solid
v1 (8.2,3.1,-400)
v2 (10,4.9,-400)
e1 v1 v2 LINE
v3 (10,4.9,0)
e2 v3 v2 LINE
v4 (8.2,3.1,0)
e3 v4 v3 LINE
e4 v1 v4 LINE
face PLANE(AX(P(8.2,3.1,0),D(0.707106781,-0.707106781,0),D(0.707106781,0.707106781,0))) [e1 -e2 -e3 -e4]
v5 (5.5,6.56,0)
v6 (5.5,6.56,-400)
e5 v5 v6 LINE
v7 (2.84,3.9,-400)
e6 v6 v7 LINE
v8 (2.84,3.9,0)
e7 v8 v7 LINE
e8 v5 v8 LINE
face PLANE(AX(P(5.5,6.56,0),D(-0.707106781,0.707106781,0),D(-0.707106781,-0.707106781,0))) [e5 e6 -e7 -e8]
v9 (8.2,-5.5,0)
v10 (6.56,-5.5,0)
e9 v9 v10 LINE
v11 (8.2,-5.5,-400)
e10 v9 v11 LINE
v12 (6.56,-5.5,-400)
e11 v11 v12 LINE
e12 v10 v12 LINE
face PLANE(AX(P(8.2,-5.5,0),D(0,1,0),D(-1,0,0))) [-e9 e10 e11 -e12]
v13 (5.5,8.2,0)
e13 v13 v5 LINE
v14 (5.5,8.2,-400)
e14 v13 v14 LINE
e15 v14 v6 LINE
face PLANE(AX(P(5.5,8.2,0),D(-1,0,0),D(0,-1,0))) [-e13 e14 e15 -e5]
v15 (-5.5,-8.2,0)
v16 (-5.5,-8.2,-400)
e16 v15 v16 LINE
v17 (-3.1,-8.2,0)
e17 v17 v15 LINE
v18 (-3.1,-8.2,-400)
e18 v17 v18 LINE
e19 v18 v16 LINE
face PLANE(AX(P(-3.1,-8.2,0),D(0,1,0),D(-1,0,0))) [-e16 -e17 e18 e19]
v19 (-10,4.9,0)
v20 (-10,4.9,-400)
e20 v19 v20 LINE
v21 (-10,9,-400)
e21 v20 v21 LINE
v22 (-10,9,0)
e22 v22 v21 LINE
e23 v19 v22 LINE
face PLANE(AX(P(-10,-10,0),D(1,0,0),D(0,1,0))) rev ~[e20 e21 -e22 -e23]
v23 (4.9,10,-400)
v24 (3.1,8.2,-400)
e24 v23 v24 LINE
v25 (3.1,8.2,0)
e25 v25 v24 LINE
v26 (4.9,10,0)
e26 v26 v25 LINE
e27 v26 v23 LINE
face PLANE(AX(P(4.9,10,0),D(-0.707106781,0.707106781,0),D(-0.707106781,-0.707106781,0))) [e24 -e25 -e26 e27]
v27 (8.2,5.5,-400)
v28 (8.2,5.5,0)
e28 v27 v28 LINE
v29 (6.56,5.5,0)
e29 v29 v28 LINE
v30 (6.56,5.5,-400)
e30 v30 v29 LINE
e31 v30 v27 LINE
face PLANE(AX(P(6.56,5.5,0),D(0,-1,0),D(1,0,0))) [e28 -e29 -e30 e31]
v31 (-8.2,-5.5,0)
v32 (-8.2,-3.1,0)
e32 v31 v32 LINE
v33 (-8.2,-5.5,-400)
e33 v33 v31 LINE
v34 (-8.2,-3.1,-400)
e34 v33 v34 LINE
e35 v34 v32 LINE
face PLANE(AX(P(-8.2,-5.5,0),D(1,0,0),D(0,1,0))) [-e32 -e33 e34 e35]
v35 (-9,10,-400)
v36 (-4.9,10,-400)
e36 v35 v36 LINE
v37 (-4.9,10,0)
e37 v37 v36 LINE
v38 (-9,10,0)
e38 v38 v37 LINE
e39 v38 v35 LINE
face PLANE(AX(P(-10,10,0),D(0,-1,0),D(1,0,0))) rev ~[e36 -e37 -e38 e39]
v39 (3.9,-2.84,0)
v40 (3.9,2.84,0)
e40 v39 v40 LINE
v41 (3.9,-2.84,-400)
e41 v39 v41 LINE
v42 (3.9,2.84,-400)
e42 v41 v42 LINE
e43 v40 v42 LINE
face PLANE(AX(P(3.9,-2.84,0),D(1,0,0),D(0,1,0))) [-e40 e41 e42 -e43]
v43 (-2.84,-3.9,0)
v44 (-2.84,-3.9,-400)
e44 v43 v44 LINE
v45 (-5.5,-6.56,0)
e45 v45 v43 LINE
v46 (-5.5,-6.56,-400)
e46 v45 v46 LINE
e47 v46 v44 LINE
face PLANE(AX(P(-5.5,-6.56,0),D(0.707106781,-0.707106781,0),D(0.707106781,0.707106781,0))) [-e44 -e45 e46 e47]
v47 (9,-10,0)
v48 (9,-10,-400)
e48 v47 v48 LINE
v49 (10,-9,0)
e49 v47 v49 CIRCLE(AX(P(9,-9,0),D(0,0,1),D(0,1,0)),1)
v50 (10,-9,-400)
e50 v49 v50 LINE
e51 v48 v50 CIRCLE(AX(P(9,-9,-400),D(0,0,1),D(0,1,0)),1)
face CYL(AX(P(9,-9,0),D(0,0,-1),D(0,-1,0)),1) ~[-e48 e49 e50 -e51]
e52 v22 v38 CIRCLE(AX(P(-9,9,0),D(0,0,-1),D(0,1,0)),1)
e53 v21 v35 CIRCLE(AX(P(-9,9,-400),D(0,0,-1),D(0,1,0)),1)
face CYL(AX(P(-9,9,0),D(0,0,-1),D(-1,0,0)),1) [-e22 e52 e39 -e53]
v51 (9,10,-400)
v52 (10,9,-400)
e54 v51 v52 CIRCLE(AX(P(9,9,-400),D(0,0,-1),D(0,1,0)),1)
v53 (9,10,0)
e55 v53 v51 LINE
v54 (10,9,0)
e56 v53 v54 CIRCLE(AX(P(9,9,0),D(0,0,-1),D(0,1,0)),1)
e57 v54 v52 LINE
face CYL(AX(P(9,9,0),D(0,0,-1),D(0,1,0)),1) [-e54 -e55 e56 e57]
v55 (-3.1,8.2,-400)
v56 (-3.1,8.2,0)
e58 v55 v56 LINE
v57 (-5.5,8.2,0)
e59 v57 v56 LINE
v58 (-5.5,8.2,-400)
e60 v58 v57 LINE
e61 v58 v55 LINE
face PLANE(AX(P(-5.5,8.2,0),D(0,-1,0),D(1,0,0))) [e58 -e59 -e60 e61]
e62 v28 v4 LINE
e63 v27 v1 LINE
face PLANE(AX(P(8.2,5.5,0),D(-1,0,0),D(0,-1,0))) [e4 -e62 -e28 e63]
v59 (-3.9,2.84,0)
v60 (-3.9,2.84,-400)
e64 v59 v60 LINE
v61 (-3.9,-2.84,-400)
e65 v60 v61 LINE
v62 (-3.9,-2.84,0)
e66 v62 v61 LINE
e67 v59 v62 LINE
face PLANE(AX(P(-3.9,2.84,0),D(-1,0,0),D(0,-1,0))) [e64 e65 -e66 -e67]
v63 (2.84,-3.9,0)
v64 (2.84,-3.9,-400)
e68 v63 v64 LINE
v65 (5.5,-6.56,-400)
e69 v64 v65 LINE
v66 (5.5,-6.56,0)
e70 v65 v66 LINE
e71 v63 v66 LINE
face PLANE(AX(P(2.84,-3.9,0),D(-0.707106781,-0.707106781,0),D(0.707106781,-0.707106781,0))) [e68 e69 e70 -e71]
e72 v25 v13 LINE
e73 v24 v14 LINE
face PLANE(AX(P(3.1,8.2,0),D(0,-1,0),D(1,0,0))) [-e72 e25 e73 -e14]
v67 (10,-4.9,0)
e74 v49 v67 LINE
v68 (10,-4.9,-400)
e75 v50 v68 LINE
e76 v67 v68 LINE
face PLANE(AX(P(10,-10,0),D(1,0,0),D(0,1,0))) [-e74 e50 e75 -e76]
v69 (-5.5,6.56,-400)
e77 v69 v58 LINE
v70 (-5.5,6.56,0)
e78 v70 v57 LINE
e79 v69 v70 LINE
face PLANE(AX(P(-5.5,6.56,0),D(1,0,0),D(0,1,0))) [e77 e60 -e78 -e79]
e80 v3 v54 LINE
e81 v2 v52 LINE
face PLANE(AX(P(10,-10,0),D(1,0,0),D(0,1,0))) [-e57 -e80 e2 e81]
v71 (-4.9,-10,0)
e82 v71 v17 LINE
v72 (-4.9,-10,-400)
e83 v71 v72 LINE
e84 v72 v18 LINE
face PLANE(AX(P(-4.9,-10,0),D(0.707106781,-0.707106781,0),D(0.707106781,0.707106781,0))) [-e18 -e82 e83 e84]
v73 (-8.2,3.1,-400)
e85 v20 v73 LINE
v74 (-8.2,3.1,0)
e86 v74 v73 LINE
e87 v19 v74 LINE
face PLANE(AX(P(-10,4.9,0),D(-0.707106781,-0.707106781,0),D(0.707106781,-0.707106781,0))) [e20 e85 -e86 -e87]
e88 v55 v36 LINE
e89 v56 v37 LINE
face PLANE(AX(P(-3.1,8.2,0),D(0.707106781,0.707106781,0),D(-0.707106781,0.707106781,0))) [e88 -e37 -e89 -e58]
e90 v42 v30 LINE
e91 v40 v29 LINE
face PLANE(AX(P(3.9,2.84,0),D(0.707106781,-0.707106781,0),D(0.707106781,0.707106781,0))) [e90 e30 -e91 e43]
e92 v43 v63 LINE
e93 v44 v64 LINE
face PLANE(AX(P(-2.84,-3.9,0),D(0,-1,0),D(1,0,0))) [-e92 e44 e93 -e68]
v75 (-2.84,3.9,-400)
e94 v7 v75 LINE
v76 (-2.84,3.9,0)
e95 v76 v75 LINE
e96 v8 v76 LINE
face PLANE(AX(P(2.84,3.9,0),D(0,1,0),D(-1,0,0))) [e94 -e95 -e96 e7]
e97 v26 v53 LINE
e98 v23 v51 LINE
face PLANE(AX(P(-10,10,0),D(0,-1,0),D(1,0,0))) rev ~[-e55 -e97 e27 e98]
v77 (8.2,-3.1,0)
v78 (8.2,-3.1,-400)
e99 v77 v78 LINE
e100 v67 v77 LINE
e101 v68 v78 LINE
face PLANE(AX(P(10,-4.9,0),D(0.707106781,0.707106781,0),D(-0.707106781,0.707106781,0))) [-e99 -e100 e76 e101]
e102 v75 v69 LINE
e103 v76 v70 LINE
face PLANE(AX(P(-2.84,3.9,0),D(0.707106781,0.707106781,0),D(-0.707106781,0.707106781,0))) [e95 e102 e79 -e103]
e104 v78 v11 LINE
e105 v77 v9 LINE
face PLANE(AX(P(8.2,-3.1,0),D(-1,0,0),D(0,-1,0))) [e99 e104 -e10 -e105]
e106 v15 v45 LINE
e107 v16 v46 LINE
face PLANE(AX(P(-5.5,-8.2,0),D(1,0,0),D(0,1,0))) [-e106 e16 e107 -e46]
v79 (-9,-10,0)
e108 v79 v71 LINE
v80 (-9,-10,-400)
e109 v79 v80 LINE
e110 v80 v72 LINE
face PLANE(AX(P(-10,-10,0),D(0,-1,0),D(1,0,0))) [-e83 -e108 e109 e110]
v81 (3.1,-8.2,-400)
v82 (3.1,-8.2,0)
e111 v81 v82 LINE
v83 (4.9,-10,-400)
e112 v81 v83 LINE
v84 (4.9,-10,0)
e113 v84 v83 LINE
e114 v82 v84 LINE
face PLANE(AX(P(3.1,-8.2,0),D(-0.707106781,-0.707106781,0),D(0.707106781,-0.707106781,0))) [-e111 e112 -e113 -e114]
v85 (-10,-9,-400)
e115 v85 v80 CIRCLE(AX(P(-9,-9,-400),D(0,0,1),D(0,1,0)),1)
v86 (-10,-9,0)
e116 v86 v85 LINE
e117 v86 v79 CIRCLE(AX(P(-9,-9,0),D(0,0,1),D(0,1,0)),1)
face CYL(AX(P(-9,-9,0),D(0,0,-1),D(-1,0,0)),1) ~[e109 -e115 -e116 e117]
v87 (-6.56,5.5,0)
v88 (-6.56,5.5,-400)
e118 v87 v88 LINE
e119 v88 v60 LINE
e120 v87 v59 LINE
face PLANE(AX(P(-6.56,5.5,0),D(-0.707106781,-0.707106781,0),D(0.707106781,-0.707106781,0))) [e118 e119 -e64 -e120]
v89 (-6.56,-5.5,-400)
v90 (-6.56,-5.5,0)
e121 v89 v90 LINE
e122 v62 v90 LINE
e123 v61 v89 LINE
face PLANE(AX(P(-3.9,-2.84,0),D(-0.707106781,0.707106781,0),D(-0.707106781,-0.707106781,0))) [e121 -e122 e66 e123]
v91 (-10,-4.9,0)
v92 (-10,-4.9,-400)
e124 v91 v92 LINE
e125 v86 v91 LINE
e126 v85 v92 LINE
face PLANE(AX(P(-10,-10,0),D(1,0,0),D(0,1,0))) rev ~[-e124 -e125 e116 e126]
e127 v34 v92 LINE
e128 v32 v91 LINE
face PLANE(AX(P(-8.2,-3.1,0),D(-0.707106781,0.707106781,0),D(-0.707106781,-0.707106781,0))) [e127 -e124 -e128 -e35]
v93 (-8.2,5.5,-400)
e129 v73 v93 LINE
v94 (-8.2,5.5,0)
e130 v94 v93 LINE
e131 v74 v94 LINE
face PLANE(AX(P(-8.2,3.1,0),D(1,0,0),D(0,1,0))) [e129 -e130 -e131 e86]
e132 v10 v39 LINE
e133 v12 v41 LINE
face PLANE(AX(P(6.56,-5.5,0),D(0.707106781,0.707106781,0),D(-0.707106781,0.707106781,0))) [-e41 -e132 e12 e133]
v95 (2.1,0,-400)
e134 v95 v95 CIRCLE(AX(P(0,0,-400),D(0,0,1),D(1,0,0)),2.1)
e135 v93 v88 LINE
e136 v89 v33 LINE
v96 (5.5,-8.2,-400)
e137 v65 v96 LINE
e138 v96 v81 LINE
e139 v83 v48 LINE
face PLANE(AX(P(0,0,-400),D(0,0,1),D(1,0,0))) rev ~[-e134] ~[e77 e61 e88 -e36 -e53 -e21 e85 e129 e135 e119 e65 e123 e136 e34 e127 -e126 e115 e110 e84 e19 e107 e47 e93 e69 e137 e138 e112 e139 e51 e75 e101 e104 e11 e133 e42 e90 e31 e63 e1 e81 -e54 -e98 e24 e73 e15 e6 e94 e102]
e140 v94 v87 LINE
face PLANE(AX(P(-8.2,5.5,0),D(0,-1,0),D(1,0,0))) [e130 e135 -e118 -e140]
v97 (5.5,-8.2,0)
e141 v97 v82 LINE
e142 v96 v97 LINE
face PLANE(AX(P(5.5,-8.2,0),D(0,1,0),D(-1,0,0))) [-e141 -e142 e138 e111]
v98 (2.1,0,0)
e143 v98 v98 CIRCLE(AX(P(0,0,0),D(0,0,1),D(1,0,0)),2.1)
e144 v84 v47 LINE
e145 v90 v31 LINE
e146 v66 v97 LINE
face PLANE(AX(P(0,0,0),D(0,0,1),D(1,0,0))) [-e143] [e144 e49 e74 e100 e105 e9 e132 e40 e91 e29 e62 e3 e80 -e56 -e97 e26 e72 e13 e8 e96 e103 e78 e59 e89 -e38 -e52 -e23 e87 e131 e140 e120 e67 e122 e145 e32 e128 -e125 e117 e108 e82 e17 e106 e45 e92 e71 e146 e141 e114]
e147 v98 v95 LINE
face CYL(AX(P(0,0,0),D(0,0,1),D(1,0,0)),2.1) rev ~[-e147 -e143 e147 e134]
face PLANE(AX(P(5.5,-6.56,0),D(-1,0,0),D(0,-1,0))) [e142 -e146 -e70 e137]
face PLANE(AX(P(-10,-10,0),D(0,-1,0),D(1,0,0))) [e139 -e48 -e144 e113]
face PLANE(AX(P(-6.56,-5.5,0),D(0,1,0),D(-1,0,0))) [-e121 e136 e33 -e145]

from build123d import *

# Parameters (mm, degrees)
SKETCH2_W           = 20
SKETCH2_H           = 20
BOSS_EXTRUDE1_DEPTH = 400
CUT_EXTRUDE1_DEPTH  = 401.249921924
CIRPATTERN2_COUNT   = 4
SKETCH9_R           = 2.1
CUT_EXTRUDE2_DEPTH  = 401.249921924
FILLET1_R           = 1


with BuildPart() as part:
    # Sketch2 → Boss-Extrude1 (new body)
    with BuildSketch(Plane.XY):
        Rectangle(SKETCH2_W, SKETCH2_H)
    extrude(amount=-BOSS_EXTRUDE1_DEPTH)

    # Sketch3 → Cut-Extrude1 (cut, symmetric)
    with BuildSketch(Plane.XY):
        Polygon((-3.1, 8.2), (-4.9, 10), (4.9, 10), (3.1, 8.2), (5.5, 8.2), (5.5, 6.56), (2.84, 3.9), (-2.84, 3.9), (-5.5, 6.56), (-5.5, 8.2), align=None)
    cut_extrude1 = extrude(amount=CUT_EXTRUDE1_DEPTH, both=True, mode=Mode.SUBTRACT)

    # CirPattern2: Cut-Extrude1 ×4 about axis
    cirpattern2_axis = Axis((0, 0, 0), (0, 0, 1))
    for i in range(1, CIRPATTERN2_COUNT):
        add(cut_extrude1.rotate(cirpattern2_axis, i * 360 / CIRPATTERN2_COUNT), mode=Mode.SUBTRACT)

    # Sketch9 → Cut-Extrude2 (cut, through all)
    with BuildSketch(Plane.XY):
        Circle(SKETCH9_R)
    extrude(amount=-CUT_EXTRUDE2_DEPTH, mode=Mode.SUBTRACT)

    # Fillet1
    fillet1_edges = [part.edges().sort_by_distance(p)[0] for p in [
        (-10, 10, -200),
        (10, 10, -200),
        (10, -10, -200),
        (-10, -10, -200),
    ]]
    fillet(fillet1_edges, radius=FILLET1_R)


solid = part.part
